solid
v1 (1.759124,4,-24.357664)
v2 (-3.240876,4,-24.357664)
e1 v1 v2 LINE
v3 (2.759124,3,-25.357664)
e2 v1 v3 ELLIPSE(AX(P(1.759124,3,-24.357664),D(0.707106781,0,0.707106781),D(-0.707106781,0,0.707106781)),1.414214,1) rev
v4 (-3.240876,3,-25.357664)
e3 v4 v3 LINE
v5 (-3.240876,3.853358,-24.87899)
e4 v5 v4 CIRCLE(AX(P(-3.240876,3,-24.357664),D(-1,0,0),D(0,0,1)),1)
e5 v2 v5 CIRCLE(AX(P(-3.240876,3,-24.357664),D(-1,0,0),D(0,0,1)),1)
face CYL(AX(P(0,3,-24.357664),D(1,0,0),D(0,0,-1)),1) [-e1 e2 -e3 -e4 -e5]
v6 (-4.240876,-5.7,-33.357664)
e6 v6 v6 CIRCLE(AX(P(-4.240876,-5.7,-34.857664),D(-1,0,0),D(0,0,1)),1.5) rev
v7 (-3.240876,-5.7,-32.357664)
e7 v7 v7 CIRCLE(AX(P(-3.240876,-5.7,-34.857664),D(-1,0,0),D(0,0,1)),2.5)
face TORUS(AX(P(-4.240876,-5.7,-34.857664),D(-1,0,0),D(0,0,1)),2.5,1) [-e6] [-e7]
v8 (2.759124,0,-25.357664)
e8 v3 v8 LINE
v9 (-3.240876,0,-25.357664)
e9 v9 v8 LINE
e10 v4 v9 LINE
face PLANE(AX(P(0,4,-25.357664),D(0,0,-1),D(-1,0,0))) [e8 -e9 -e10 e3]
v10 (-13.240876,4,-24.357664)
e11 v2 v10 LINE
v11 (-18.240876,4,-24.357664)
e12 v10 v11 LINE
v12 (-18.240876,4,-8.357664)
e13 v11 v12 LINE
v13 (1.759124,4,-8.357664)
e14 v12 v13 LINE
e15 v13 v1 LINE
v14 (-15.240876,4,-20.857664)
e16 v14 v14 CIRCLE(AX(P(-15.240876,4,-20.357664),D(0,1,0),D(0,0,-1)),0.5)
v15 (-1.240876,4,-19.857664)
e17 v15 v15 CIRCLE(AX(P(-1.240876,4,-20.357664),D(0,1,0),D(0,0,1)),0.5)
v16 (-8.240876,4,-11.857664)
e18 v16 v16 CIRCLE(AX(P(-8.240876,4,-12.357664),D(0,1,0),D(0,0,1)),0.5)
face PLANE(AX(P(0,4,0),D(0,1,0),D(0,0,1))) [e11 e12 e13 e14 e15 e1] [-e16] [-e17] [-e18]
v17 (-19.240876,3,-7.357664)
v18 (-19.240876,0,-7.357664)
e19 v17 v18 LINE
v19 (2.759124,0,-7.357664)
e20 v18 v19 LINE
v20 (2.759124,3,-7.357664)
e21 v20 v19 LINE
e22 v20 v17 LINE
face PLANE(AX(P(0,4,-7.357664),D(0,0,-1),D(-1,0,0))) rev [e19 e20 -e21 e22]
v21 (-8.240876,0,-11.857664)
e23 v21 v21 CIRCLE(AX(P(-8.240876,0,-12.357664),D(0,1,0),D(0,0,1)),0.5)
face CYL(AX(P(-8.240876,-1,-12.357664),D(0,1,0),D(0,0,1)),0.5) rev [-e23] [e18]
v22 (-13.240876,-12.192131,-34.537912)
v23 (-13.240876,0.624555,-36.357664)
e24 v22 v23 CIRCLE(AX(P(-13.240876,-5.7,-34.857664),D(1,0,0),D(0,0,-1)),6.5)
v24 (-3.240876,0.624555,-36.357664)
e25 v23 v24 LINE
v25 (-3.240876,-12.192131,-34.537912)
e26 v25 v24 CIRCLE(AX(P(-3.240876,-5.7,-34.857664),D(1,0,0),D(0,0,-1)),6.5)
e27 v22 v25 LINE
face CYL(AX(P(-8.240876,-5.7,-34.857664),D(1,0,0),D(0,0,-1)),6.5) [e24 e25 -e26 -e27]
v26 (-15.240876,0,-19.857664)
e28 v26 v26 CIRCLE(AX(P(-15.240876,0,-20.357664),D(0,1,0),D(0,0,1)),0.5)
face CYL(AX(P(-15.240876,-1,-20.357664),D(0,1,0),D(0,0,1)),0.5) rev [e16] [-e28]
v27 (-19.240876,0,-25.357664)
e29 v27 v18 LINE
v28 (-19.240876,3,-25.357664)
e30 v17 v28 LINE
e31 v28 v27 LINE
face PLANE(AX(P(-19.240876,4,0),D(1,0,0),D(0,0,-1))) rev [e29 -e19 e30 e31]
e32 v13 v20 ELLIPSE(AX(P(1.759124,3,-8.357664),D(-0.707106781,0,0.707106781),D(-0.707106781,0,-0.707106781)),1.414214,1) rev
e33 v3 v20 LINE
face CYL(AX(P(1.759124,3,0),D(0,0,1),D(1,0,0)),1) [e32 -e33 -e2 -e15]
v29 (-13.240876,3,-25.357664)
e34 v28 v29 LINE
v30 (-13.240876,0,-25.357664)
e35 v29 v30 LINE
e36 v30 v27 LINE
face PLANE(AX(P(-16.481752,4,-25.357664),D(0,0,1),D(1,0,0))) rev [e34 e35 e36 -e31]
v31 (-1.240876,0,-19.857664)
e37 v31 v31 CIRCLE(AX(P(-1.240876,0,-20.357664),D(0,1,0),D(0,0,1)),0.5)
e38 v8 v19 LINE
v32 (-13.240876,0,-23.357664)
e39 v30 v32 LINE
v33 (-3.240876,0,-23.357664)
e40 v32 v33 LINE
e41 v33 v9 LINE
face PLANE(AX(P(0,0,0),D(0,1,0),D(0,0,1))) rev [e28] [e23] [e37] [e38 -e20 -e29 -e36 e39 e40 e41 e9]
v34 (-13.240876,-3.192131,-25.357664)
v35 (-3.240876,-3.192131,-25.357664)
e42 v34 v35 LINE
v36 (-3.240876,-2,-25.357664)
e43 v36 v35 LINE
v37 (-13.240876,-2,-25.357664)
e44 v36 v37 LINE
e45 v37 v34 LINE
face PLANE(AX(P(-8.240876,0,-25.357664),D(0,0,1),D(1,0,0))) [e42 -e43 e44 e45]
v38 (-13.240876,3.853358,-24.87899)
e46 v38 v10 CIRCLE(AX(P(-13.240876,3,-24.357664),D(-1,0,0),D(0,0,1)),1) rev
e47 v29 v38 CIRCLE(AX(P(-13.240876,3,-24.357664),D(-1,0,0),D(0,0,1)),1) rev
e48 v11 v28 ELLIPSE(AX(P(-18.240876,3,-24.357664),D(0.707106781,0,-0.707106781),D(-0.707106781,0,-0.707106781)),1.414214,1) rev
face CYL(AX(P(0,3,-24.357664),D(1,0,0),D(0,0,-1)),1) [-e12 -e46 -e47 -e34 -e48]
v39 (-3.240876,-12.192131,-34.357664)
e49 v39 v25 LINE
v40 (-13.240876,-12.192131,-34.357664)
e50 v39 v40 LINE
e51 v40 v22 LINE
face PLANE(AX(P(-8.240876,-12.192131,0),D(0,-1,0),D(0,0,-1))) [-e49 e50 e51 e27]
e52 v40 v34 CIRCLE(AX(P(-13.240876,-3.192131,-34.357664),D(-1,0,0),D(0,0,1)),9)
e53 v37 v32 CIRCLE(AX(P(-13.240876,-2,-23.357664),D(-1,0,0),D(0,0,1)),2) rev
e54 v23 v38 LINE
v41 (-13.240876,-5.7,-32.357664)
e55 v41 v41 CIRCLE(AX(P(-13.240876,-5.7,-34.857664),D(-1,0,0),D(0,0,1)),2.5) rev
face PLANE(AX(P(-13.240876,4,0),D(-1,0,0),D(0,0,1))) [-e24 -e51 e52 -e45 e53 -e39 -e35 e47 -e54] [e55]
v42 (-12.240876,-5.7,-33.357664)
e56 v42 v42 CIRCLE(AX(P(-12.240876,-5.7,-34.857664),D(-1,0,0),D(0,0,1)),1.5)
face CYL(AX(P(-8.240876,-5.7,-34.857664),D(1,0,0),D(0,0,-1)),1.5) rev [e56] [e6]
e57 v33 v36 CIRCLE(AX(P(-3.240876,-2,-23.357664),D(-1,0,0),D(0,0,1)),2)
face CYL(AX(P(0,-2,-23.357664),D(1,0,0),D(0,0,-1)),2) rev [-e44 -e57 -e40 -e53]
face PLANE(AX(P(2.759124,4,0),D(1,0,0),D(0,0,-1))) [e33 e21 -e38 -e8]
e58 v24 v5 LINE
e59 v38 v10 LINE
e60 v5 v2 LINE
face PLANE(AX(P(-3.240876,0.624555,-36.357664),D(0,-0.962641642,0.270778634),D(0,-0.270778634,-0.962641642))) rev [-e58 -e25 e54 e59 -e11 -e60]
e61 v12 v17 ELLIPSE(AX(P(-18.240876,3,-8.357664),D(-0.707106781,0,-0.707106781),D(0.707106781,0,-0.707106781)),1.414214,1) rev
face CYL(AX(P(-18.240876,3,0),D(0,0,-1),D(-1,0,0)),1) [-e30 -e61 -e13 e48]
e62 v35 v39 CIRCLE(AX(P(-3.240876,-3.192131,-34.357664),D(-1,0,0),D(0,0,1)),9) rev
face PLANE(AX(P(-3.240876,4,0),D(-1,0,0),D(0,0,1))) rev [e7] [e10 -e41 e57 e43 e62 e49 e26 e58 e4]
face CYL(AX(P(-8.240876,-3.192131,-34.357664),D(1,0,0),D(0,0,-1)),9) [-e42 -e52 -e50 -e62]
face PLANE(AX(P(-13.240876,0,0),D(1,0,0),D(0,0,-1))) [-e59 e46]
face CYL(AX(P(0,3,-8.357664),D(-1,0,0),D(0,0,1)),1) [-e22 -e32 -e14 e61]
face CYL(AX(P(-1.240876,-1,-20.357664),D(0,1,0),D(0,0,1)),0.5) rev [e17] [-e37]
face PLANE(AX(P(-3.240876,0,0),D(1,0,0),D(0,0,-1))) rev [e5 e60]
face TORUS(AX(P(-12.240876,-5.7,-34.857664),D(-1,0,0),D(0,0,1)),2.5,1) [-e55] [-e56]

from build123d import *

# Parameters (mm, degrees)
SKETCH1_W           = 11
SKETCH1_H           = 18
SKETCH1_W_2         = 5
SKETCH1_H_2         = 11
BOSS_EXTRUDE1_DEPTH = 4
BOSS_EXTRUDE2_DEPTH = 5
SKETCH3_R           = 0.5
CUT_EXTRUDE1_DEPTH  = 5
FILLET1_R           = 1
FILLET3_R           = 2
FILLET4_R           = 9
CUT_EXTRUDE2_DEPTH  = 10


with BuildPart() as part:
    # Sketch1 → Boss-Extrude1 (new body)
    with BuildSketch(Plane(origin=(0, 0, 0), x_dir=(1, 0, 0), z_dir=(0, 1, 0))):
        with Locations((-2.740875912, 16.357664234)):
            Rectangle(SKETCH1_W, SKETCH1_H)
        with Locations((-5.740875912, 30.857664234)):
            Rectangle(SKETCH1_W_2, SKETCH1_H_2)
    boss_extrude1 = extrude(amount=BOSS_EXTRUDE1_DEPTH)

    # Sketch2 → Boss-Extrude2 (add)
    with BuildSketch(Plane(origin=(-3.240875912, 0, 0), x_dir=(0, 0, -1), z_dir=(1, 0, 0))):
        with BuildLine():
            Line((34.537911903, 0), (25.357664234, 0))
            Line((25.357664234, 0), (25.357664234, -12.192130501))
            Line((25.357664234, -12.192130501), (34.537911903, -12.192130501))
            Line((34.537911903, -12.192130501), (34.537911903, -7.165523267))
            ThreePointArc((34.537911903, -7.165523267), (33.357664234, -5.7), (34.537911903, -4.234476733))
            Line((34.537911903, -4.234476733), (34.537911903, 0))
        make_face()
        with BuildLine():
            Line((36.357664234, 0), (34.537911903, 0))
            Line((34.537911903, 0), (34.537911903, -4.234476733))
            ThreePointArc((34.537911903, -4.234476733), (35.798507341, -4.531747353), (36.357664234, -5.7))
            ThreePointArc((36.357664234, -5.7), (35.798507341, -6.868252647), (34.537911903, -7.165523267))
            Line((34.537911903, -7.165523267), (34.537911903, -12.192130501))
            ThreePointArc((34.537911903, -12.192130501), (41.293121094, -6.613725887), (36.357664234, 0.62455532))
            Line((36.357664234, 0.62455532), (36.357664234, 0))
        make_face()
    boss_extrude2 = extrude(amount=-BOSS_EXTRUDE2_DEPTH)

    # Mirror1: Boss-Extrude1, Boss-Extrude2 across plane
    add(boss_extrude1.mirror(Plane(origin=(-8.240875912, 4, 0), x_dir=(0, 0, 1), z_dir=(1, 0, 0))))
    add(boss_extrude2.mirror(Plane(origin=(-8.240875912, 4, 0), x_dir=(0, 0, 1), z_dir=(1, 0, 0))))

    # Sketch3 → Cut-Extrude1 (cut)
    with BuildSketch(Plane(origin=(0, 4, 0), x_dir=(1, 0, 0), z_dir=(0, 1, 0))):
        with Locations(Location((-1.240875912, 20.357664234, 0), (0, 0, 270))):
            Circle(SKETCH3_R)
        with Locations(Location((-8.240875912, 12.357664234, 0), (0, 0, 270))):
            Circle(SKETCH3_R)
        with Locations(Location((-15.240875912, 20.357664234, 0), (0, 0, 270))):
            Circle(SKETCH3_R)
    extrude(amount=-CUT_EXTRUDE1_DEPTH, mode=Mode.SUBTRACT)

    # Fillet1
    fillet1_edges = [part.edges().sort_by_distance(p)[0] for p in [
        (-0.240875912, 4, -25.357664234),
        (-3.240875912, -4.234476733, -35.177416564),
        (-8.240875912, 4, -7.357664234),
        (-19.240875912, 4, -16.357664234),
        (-16.240875912, 4, -25.357664234),
        (2.759124088, 4, -16.357664234),
        (-13.240875912, -4.234476733, -35.177416564),
    ]]
    fillet(fillet1_edges, radius=FILLET1_R)

    # Fillet3
    fillet3_edges = [part.edges().sort_by_distance(p)[0] for p in [
        (-8.240875912, 0, -25.357664234),
    ]]
    fillet(fillet3_edges, radius=FILLET3_R)

    # Fillet4
    fillet4_edges = [part.edges().sort_by_distance(p)[0] for p in [
        (-8.240875912, -12.192130501, -25.357664234),
    ]]
    fillet(fillet4_edges, radius=FILLET4_R)

    # Sketch4 → Cut-Extrude2 (cut)
    with BuildSketch(Plane.ZY.offset(13.240875912)):
        Polygon((-36.357664234, 0.62455532), (-24.357664234, 4), (-36.357664234, 4), align=None)
    extrude(amount=-CUT_EXTRUDE2_DEPTH, mode=Mode.SUBTRACT)


solid = part.part
